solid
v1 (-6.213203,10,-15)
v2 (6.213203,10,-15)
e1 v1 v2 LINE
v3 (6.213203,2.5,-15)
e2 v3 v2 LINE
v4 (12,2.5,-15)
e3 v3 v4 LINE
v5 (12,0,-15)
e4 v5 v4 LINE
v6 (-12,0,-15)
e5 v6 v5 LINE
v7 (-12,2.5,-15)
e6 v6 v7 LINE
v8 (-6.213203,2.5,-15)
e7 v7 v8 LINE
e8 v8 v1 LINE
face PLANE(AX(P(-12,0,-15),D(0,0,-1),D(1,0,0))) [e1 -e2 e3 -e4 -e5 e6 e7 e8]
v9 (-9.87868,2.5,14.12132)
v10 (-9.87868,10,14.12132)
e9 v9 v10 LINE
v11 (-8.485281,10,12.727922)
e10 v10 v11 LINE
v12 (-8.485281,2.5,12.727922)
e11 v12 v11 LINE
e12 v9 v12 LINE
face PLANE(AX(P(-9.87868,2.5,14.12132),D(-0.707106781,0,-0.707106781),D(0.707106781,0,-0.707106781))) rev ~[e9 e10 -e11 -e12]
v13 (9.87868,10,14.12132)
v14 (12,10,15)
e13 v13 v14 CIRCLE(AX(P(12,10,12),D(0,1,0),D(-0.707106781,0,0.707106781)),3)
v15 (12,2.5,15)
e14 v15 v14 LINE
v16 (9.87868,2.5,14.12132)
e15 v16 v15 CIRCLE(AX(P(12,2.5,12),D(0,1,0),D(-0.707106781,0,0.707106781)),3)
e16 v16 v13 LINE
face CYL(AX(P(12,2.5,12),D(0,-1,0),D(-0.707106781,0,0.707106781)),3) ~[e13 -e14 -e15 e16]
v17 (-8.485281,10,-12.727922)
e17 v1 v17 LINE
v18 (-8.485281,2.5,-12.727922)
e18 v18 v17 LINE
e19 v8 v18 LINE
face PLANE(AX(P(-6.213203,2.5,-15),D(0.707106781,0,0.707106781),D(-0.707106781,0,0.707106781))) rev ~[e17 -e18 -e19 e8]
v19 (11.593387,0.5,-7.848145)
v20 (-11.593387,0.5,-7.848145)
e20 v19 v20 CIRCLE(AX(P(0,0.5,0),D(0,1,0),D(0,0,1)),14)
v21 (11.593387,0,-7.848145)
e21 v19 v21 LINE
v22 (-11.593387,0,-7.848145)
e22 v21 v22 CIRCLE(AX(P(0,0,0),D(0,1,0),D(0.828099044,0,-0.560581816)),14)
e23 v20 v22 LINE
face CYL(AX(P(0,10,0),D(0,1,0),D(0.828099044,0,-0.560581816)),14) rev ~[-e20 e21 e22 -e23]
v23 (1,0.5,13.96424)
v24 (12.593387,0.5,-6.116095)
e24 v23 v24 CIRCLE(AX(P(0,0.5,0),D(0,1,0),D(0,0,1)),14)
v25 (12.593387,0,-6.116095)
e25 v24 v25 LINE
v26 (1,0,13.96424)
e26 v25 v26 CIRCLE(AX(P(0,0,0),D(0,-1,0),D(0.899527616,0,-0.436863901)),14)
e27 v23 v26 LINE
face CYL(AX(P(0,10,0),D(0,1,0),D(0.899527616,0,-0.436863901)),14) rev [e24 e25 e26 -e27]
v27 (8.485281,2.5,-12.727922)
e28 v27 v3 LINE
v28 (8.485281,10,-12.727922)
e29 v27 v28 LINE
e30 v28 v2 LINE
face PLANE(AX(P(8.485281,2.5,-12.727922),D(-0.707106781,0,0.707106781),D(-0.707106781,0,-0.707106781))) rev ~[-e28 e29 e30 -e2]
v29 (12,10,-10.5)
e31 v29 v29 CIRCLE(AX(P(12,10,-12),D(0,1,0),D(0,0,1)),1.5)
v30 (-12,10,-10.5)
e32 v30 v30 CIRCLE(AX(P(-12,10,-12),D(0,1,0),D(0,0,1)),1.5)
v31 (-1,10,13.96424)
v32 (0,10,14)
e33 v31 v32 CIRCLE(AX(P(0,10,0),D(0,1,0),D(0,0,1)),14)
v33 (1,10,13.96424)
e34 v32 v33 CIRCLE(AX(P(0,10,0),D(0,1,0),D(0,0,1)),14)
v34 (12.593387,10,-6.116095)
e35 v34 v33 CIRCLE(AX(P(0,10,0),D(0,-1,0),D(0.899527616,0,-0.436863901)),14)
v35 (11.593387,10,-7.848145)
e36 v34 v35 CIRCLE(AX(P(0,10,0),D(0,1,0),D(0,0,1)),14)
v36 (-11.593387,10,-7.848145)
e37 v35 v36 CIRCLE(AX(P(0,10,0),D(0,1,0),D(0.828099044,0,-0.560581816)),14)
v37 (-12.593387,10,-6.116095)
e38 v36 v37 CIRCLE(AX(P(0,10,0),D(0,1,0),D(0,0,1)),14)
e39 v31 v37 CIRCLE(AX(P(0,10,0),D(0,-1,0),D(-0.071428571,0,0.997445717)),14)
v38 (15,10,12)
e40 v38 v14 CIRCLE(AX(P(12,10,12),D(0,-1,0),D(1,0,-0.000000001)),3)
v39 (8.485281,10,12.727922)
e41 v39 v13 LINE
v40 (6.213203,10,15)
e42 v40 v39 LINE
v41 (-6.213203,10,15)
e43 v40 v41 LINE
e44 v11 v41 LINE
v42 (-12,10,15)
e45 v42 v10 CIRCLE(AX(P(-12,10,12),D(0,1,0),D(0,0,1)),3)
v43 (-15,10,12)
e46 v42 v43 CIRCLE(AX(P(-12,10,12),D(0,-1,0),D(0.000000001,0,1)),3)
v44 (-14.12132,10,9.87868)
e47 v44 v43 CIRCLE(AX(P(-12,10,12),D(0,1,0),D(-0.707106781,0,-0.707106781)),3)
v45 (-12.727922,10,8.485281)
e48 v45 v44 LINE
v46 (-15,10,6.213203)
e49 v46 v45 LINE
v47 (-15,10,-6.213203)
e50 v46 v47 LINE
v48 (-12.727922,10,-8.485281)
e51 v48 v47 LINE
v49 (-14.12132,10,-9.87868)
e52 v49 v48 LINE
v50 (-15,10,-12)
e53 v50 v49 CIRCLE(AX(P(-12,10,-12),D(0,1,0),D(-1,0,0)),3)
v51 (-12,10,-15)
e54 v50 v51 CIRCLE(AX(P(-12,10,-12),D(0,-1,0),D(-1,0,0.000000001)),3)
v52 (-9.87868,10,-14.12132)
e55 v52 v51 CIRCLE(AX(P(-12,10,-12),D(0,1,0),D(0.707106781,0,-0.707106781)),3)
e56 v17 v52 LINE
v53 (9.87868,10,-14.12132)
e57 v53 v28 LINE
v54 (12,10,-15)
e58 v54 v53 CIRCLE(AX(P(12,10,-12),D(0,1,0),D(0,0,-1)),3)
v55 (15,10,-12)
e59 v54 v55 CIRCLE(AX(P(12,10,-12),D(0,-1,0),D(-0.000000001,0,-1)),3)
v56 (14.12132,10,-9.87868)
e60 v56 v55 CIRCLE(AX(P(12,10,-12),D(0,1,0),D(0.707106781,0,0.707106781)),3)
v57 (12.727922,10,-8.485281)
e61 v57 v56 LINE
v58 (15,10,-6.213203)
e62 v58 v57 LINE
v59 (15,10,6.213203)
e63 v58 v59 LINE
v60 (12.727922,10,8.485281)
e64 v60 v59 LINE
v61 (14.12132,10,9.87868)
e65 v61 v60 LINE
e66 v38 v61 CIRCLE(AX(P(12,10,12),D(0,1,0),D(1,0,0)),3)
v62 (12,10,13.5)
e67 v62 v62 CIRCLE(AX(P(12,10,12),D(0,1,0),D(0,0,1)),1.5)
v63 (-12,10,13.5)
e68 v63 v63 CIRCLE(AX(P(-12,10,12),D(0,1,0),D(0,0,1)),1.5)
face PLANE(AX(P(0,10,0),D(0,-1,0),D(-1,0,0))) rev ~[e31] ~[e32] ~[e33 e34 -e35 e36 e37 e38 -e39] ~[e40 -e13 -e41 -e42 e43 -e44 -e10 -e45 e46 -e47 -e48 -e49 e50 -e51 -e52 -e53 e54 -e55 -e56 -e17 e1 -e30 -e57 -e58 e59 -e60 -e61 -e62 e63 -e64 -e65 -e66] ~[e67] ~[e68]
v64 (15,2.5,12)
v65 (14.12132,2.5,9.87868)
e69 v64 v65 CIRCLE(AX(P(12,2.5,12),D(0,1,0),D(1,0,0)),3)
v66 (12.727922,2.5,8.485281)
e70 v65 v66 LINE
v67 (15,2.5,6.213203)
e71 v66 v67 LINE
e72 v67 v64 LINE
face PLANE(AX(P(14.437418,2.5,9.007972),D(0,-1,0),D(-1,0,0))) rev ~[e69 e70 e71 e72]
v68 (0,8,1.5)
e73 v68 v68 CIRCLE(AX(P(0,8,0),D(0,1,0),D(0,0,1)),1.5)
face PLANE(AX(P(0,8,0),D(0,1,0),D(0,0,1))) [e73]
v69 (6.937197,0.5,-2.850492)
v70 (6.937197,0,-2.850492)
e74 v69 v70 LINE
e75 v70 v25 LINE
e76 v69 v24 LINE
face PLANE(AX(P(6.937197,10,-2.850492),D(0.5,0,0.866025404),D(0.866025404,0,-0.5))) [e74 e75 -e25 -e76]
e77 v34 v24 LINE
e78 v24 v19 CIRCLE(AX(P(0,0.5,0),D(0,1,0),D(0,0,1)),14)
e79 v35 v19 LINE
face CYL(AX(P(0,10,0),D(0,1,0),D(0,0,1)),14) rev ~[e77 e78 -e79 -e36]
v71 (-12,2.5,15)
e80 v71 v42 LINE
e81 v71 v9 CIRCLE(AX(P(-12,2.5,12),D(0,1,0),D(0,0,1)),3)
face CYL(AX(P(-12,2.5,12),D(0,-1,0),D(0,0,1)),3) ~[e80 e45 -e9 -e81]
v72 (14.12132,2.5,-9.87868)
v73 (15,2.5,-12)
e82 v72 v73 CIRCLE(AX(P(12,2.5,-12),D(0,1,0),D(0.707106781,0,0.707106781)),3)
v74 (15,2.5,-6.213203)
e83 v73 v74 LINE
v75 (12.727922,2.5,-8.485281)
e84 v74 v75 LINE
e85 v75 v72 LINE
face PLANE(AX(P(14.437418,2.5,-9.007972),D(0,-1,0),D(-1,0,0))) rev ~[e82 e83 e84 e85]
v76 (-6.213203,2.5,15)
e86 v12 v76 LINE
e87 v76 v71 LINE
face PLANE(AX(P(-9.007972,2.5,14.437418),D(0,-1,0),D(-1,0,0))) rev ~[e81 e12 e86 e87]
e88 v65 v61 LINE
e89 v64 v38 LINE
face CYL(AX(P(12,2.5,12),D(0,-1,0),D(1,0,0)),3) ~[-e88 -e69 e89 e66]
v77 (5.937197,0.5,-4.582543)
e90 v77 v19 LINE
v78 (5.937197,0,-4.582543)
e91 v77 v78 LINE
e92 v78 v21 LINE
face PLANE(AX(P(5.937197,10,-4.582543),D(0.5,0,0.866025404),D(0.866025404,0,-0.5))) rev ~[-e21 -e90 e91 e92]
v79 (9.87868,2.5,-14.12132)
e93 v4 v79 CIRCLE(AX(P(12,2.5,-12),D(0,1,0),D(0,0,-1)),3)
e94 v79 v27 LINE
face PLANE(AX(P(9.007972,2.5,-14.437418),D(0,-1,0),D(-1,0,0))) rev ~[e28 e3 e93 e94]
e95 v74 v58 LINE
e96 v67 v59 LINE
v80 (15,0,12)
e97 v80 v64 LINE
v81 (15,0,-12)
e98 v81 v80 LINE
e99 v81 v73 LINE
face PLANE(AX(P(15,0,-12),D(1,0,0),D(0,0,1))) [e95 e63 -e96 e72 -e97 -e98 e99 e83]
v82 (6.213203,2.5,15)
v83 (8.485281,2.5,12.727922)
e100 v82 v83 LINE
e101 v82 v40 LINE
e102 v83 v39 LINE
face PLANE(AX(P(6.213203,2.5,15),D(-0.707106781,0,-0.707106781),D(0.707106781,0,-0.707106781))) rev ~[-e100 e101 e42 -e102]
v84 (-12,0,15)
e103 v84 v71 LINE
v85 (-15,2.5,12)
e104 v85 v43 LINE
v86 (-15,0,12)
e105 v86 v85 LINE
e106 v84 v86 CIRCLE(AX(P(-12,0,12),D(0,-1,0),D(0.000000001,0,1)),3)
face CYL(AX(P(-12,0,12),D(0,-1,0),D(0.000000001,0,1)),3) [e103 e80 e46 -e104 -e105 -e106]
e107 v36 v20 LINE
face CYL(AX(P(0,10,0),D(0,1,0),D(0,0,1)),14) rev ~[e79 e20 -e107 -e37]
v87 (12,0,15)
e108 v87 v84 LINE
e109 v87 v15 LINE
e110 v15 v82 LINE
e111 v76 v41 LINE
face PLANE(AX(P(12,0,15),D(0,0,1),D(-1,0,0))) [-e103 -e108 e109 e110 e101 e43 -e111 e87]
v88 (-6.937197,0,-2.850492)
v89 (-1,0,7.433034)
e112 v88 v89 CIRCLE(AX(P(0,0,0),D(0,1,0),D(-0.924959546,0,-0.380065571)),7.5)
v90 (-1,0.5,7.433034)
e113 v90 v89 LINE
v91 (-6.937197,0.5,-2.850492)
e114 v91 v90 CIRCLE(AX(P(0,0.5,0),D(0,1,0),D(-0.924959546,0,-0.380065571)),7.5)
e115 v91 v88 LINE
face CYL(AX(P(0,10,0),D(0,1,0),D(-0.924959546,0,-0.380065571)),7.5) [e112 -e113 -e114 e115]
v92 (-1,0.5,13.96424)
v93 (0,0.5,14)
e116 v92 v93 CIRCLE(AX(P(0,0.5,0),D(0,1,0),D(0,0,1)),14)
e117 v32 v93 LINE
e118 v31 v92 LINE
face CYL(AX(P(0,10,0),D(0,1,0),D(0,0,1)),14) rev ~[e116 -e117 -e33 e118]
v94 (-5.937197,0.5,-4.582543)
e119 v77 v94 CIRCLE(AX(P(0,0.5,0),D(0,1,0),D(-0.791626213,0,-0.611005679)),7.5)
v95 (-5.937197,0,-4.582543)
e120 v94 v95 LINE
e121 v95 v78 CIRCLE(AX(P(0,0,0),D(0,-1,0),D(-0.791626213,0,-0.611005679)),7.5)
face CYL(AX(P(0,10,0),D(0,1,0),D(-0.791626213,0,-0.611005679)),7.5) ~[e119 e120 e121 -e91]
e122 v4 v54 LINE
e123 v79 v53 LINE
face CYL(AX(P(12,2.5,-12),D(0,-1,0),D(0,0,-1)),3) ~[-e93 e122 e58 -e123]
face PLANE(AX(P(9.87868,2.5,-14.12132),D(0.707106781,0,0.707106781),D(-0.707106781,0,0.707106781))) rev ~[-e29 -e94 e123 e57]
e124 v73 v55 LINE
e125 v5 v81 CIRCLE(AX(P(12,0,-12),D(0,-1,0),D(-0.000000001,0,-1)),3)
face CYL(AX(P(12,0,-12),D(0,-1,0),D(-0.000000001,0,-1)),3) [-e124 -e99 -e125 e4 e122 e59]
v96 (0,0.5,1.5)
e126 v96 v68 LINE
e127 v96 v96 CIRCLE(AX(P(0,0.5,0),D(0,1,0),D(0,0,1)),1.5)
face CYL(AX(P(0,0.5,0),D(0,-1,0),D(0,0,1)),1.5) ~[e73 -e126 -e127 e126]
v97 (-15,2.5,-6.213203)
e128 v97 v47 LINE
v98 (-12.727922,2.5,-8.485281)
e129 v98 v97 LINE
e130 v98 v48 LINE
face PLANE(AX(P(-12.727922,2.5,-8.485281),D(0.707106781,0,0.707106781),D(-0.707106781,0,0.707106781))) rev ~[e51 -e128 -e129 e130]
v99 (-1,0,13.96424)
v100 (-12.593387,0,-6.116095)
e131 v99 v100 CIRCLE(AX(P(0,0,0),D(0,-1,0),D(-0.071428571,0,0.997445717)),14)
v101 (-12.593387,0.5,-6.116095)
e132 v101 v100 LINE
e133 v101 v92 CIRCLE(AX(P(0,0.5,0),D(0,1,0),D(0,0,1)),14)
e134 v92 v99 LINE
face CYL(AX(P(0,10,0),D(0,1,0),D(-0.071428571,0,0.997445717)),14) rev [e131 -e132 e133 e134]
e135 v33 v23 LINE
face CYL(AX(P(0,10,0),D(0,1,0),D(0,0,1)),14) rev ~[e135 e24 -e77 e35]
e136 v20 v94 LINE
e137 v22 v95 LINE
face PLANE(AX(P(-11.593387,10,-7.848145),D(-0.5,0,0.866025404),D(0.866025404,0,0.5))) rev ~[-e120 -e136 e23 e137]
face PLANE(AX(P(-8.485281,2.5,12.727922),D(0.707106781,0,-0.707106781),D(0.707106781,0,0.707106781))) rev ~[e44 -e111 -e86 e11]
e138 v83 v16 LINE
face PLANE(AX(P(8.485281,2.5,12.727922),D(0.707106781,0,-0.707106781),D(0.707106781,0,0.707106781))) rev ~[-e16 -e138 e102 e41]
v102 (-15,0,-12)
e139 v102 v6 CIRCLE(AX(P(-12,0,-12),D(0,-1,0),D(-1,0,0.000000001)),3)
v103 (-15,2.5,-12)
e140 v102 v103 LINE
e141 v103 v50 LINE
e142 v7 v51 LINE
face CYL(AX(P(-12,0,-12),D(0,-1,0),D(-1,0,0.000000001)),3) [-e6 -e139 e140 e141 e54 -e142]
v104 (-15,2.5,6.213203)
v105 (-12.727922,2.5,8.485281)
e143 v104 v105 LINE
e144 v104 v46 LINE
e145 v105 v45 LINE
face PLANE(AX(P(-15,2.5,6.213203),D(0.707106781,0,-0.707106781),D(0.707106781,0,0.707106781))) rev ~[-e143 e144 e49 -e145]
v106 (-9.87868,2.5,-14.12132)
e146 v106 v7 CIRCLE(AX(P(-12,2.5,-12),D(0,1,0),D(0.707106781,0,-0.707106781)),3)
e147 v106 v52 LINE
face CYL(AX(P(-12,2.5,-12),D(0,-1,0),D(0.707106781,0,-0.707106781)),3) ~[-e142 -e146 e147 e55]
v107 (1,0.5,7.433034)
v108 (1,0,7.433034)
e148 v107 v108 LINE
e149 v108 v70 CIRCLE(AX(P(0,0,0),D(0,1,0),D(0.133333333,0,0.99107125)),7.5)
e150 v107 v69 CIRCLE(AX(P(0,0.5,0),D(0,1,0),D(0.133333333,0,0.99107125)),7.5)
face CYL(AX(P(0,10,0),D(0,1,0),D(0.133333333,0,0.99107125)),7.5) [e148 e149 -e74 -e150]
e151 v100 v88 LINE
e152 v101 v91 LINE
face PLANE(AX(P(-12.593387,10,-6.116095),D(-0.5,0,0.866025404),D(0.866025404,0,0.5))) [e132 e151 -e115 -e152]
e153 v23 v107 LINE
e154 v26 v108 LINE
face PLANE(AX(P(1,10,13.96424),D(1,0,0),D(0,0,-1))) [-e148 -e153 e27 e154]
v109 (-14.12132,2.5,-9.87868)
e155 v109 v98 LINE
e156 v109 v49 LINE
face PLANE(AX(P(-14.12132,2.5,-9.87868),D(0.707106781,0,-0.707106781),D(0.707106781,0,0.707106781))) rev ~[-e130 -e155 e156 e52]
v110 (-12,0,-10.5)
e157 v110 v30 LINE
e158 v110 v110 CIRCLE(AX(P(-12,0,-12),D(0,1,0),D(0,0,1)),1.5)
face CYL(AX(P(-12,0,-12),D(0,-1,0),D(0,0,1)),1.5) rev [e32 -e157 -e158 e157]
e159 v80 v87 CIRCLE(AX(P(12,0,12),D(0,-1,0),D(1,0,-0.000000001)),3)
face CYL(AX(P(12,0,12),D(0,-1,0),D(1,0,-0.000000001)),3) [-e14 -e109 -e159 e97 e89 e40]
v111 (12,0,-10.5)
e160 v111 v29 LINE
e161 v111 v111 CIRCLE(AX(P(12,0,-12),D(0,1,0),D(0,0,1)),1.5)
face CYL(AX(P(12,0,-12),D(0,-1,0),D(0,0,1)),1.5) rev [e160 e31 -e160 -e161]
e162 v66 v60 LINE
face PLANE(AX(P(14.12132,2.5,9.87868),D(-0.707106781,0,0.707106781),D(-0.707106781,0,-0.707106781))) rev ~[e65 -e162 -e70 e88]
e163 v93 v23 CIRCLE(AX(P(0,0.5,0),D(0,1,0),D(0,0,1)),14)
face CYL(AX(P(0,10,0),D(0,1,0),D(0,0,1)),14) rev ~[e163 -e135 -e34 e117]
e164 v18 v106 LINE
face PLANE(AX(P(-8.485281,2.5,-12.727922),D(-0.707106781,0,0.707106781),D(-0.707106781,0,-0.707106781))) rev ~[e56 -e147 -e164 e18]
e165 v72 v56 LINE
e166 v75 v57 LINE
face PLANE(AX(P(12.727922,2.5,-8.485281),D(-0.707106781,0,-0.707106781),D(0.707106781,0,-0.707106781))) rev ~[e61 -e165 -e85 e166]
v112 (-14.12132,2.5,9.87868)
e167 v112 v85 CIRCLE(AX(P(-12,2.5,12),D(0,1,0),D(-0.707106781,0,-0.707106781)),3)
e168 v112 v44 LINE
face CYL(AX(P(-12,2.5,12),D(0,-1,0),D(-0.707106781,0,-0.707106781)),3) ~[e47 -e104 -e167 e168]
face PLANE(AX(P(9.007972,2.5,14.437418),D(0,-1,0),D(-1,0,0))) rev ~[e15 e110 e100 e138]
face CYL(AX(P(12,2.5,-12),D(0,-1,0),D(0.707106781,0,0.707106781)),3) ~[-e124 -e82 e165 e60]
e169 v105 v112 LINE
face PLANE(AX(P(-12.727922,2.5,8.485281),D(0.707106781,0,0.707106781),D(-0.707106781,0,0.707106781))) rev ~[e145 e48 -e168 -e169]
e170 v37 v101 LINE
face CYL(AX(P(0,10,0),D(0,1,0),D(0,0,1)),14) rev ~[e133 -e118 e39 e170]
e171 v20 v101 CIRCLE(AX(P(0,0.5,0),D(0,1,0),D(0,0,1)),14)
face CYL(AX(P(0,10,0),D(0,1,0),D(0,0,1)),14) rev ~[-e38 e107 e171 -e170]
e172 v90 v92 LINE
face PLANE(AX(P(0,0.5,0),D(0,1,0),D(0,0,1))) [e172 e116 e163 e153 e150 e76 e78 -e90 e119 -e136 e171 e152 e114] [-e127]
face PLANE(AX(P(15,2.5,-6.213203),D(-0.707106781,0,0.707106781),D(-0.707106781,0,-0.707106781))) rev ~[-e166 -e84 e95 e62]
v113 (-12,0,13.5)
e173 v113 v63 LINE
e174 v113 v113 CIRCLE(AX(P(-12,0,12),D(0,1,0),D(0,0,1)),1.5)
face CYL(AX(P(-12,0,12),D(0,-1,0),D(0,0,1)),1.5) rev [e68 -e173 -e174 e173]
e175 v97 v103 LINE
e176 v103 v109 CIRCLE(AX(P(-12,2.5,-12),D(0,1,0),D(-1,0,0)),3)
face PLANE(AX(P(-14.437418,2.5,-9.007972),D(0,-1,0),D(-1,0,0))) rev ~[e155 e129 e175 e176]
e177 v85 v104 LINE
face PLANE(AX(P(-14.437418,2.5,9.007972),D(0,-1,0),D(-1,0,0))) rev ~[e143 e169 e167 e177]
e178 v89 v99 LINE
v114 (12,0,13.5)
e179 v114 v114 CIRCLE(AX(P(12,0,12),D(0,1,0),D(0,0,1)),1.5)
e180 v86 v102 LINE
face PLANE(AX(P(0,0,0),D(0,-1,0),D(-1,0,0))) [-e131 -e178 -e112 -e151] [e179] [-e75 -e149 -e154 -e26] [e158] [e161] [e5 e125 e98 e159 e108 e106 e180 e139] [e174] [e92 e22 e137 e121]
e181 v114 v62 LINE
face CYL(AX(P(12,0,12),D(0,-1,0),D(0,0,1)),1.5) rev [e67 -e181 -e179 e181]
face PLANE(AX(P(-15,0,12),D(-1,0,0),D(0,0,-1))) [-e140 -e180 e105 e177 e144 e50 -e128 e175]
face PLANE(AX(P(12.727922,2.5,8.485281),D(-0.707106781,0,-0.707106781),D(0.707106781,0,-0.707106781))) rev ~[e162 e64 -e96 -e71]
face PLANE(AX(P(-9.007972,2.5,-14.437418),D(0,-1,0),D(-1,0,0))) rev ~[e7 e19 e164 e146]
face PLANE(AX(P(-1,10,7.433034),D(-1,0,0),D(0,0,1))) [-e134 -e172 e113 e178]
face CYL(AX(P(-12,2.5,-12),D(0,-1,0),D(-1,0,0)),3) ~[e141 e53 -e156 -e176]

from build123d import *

# Parameters (mm, degrees)
SKETCH1_R           = 1.5
BOSS_EXTRUDE1_DEPTH = 10
SKETCH2_R           = 14
CUT_EXTRUDE1_DEPTH  = 9.5
CUT_EXTRUDE2_START  = -10
CUT_EXTRUDE2_DEPTH  = 10
SKETCH4_R           = 1.5
BOSS_EXTRUDE2_DEPTH = 7.5
CUT_EXTRUDE3_START  = -7.5
CUT_EXTRUDE3_DEPTH  = 7.5


with BuildPart() as part:
    # Sketch1 → Boss-Extrude1 (new body)
    with BuildSketch(Plane(origin=(0, 0, 0), x_dir=(1, 0, 0), z_dir=(0, 1, 0))):
        with BuildLine():
            Line((-12, 15), (12, 15))
            ThreePointArc((12, 15), (14.121320344, 14.121320344), (15, 12))
            Line((15, 12), (15, -12))
            ThreePointArc((15, -12), (14.121320344, -14.121320344), (12, -15))
            Line((12, -15), (-12, -15))
            ThreePointArc((-12, -15), (-14.121320344, -14.121320344), (-15, -12))
            Line((-15, -12), (-15, 12))
            ThreePointArc((-15, 12), (-14.121320344, 14.121320344), (-12, 15))
        make_face()
        with Locations(Location((-12, -12, 0), (0, 0, 270))):
            Circle(SKETCH1_R, mode=Mode.SUBTRACT)
        with Locations(Location((-12, 12, 0), (0, 0, 270))):
            Circle(SKETCH1_R, mode=Mode.SUBTRACT)
        with Locations(Location((12, 12, 0), (0, 0, 270))):
            Circle(SKETCH1_R, mode=Mode.SUBTRACT)
        with Locations(Location((12, -12, 0), (0, 0, 270))):
            Circle(SKETCH1_R, mode=Mode.SUBTRACT)
    extrude(amount=BOSS_EXTRUDE1_DEPTH)

    # Sketch2 → Cut-Extrude1 (cut)
    with BuildSketch(Plane(origin=(0, 10, 0), x_dir=(1, 0, 0), z_dir=(0, 1, 0))):
        with Locations(Location((0, 0, 0), (0, 0, 270))):
            Circle(SKETCH2_R)
    extrude(amount=-CUT_EXTRUDE1_DEPTH, mode=Mode.SUBTRACT)

    # Sketch3 → Cut-Extrude2 (cut)
    with BuildSketch(Plane.XZ.offset(CUT_EXTRUDE2_START)):
        with BuildLine():
            Line((6.937196595, -2.850491783), (12.593386622, -6.116094618))
            ThreePointArc((12.593386622, -6.116094618), (12.124355653, 7), (1, 13.964240044))
            Line((1, 13.964240044), (1, 7.433034374))
            ThreePointArc((1, 7.433034374), (6.495190528, 3.75), (6.937196595, -2.850491783))
        make_face()
        with BuildLine():
            Line((5.937196595, -4.582542591), (11.593386622, -7.848145426))
            ThreePointArc((11.593386622, -7.848145426), (0, -14), (-11.593386622, -7.848145426))
            Line((-11.593386622, -7.848145426), (-5.937196595, -4.582542591))
            ThreePointArc((-5.937196595, -4.582542591), (0, -7.5), (5.937196595, -4.582542591))
        make_face()
        with BuildLine():
            Line((-1, 7.433034374), (-1, 13.964240044))
            ThreePointArc((-1, 13.964240044), (-12.124355653, 7), (-12.593386622, -6.116094618))
            Line((-12.593386622, -6.116094618), (-6.937196595, -2.850491783))
            ThreePointArc((-6.937196595, -2.850491783), (-6.495190528, 3.75), (-1, 7.433034374))
        make_face()
    extrude(amount=CUT_EXTRUDE2_DEPTH, mode=Mode.SUBTRACT)

    # Sketch4 → Boss-Extrude2 (add)
    with BuildSketch(Plane(origin=(0, 0.5, 0), x_dir=(1, 0, 0), z_dir=(0, 1, 0))):
        with Locations(Location((0, 0, 0), (0, 0, 270))):
            Circle(SKETCH4_R)
    extrude(amount=BOSS_EXTRUDE2_DEPTH)

    # Sketch5 → Cut-Extrude3 (cut)
    with BuildSketch(Plane(origin=(0, 10, 0), x_dir=(1, 0, 0), z_dir=(0, 1, 0)).offset(CUT_EXTRUDE3_START)):
        with BuildLine():
            Line((-6.213203436, 15), (-8.485281374, 12.727922061))
            Line((-8.485281374, 12.727922061), (-9.878679656, 14.121320344))
            ThreePointArc((-9.878679656, 14.121320344), (-10.851949703, 14.771638598), (-12, 15))
            Line((-12, 15), (-6.213203436, 15))
        make_face()
        with BuildLine():
            Line((-14.121320344, 9.878679656), (-12.727922061, 8.485281374))
            Line((-12.727922061, 8.485281374), (-15, 6.213203436))
            Line((-15, 6.213203436), (-15, 12))
            ThreePointArc((-15, 12), (-14.771638598, 10.851949703), (-14.121320344, 9.878679656))
        make_face()
        with BuildLine():
            Line((15, 6.213203436), (12.727922061, 8.485281374))
            Line((12.727922061, 8.485281374), (14.121320344, 9.878679656))
            ThreePointArc((14.121320344, 9.878679656), (14.771638598, 10.851949703), (15, 12))
            Line((15, 12), (15, 6.213203436))
        make_face()
        with BuildLine():
            Line((9.878679656, 14.121320344), (8.485281374, 12.727922061))
            Line((8.485281374, 12.727922061), (6.213203436, 15))
            Line((6.213203436, 15), (12, 15))
            ThreePointArc((12, 15), (10.851949703, 14.771638598), (9.878679656, 14.121320344))
        make_face()
        with BuildLine():
            Line((6.213203436, -15), (8.485281374, -12.727922061))
            Line((8.485281374, -12.727922061), (9.878679656, -14.121320344))
            ThreePointArc((9.878679656, -14.121320344), (10.851949703, -14.771638598), (12, -15))
            Line((12, -15), (6.213203436, -15))
        make_face()
        with BuildLine():
            Line((14.121320344, -9.878679656), (12.727922061, -8.485281374))
            Line((12.727922061, -8.485281374), (15, -6.213203436))
            Line((15, -6.213203436), (15, -12))
            ThreePointArc((15, -12), (14.771638598, -10.851949703), (14.121320344, -9.878679656))
        make_face()
        with BuildLine():
            Line((-15, -6.213203436), (-12.727922061, -8.485281374))
            Line((-12.727922061, -8.485281374), (-14.121320344, -9.878679656))
            ThreePointArc((-14.121320344, -9.878679656), (-14.771638598, -10.851949703), (-15, -12))
            Line((-15, -12), (-15, -6.213203436))
        make_face()
        with BuildLine():
            Line((-9.878679656, -14.121320344), (-8.485281374, -12.727922061))
            Line((-8.485281374, -12.727922061), (-6.213203436, -15))
            Line((-6.213203436, -15), (-12, -15))
            ThreePointArc((-12, -15), (-10.851949703, -14.771638598), (-9.878679656, -14.121320344))
        make_face()
    extrude(amount=CUT_EXTRUDE3_DEPTH, mode=Mode.SUBTRACT)


solid = part.part
